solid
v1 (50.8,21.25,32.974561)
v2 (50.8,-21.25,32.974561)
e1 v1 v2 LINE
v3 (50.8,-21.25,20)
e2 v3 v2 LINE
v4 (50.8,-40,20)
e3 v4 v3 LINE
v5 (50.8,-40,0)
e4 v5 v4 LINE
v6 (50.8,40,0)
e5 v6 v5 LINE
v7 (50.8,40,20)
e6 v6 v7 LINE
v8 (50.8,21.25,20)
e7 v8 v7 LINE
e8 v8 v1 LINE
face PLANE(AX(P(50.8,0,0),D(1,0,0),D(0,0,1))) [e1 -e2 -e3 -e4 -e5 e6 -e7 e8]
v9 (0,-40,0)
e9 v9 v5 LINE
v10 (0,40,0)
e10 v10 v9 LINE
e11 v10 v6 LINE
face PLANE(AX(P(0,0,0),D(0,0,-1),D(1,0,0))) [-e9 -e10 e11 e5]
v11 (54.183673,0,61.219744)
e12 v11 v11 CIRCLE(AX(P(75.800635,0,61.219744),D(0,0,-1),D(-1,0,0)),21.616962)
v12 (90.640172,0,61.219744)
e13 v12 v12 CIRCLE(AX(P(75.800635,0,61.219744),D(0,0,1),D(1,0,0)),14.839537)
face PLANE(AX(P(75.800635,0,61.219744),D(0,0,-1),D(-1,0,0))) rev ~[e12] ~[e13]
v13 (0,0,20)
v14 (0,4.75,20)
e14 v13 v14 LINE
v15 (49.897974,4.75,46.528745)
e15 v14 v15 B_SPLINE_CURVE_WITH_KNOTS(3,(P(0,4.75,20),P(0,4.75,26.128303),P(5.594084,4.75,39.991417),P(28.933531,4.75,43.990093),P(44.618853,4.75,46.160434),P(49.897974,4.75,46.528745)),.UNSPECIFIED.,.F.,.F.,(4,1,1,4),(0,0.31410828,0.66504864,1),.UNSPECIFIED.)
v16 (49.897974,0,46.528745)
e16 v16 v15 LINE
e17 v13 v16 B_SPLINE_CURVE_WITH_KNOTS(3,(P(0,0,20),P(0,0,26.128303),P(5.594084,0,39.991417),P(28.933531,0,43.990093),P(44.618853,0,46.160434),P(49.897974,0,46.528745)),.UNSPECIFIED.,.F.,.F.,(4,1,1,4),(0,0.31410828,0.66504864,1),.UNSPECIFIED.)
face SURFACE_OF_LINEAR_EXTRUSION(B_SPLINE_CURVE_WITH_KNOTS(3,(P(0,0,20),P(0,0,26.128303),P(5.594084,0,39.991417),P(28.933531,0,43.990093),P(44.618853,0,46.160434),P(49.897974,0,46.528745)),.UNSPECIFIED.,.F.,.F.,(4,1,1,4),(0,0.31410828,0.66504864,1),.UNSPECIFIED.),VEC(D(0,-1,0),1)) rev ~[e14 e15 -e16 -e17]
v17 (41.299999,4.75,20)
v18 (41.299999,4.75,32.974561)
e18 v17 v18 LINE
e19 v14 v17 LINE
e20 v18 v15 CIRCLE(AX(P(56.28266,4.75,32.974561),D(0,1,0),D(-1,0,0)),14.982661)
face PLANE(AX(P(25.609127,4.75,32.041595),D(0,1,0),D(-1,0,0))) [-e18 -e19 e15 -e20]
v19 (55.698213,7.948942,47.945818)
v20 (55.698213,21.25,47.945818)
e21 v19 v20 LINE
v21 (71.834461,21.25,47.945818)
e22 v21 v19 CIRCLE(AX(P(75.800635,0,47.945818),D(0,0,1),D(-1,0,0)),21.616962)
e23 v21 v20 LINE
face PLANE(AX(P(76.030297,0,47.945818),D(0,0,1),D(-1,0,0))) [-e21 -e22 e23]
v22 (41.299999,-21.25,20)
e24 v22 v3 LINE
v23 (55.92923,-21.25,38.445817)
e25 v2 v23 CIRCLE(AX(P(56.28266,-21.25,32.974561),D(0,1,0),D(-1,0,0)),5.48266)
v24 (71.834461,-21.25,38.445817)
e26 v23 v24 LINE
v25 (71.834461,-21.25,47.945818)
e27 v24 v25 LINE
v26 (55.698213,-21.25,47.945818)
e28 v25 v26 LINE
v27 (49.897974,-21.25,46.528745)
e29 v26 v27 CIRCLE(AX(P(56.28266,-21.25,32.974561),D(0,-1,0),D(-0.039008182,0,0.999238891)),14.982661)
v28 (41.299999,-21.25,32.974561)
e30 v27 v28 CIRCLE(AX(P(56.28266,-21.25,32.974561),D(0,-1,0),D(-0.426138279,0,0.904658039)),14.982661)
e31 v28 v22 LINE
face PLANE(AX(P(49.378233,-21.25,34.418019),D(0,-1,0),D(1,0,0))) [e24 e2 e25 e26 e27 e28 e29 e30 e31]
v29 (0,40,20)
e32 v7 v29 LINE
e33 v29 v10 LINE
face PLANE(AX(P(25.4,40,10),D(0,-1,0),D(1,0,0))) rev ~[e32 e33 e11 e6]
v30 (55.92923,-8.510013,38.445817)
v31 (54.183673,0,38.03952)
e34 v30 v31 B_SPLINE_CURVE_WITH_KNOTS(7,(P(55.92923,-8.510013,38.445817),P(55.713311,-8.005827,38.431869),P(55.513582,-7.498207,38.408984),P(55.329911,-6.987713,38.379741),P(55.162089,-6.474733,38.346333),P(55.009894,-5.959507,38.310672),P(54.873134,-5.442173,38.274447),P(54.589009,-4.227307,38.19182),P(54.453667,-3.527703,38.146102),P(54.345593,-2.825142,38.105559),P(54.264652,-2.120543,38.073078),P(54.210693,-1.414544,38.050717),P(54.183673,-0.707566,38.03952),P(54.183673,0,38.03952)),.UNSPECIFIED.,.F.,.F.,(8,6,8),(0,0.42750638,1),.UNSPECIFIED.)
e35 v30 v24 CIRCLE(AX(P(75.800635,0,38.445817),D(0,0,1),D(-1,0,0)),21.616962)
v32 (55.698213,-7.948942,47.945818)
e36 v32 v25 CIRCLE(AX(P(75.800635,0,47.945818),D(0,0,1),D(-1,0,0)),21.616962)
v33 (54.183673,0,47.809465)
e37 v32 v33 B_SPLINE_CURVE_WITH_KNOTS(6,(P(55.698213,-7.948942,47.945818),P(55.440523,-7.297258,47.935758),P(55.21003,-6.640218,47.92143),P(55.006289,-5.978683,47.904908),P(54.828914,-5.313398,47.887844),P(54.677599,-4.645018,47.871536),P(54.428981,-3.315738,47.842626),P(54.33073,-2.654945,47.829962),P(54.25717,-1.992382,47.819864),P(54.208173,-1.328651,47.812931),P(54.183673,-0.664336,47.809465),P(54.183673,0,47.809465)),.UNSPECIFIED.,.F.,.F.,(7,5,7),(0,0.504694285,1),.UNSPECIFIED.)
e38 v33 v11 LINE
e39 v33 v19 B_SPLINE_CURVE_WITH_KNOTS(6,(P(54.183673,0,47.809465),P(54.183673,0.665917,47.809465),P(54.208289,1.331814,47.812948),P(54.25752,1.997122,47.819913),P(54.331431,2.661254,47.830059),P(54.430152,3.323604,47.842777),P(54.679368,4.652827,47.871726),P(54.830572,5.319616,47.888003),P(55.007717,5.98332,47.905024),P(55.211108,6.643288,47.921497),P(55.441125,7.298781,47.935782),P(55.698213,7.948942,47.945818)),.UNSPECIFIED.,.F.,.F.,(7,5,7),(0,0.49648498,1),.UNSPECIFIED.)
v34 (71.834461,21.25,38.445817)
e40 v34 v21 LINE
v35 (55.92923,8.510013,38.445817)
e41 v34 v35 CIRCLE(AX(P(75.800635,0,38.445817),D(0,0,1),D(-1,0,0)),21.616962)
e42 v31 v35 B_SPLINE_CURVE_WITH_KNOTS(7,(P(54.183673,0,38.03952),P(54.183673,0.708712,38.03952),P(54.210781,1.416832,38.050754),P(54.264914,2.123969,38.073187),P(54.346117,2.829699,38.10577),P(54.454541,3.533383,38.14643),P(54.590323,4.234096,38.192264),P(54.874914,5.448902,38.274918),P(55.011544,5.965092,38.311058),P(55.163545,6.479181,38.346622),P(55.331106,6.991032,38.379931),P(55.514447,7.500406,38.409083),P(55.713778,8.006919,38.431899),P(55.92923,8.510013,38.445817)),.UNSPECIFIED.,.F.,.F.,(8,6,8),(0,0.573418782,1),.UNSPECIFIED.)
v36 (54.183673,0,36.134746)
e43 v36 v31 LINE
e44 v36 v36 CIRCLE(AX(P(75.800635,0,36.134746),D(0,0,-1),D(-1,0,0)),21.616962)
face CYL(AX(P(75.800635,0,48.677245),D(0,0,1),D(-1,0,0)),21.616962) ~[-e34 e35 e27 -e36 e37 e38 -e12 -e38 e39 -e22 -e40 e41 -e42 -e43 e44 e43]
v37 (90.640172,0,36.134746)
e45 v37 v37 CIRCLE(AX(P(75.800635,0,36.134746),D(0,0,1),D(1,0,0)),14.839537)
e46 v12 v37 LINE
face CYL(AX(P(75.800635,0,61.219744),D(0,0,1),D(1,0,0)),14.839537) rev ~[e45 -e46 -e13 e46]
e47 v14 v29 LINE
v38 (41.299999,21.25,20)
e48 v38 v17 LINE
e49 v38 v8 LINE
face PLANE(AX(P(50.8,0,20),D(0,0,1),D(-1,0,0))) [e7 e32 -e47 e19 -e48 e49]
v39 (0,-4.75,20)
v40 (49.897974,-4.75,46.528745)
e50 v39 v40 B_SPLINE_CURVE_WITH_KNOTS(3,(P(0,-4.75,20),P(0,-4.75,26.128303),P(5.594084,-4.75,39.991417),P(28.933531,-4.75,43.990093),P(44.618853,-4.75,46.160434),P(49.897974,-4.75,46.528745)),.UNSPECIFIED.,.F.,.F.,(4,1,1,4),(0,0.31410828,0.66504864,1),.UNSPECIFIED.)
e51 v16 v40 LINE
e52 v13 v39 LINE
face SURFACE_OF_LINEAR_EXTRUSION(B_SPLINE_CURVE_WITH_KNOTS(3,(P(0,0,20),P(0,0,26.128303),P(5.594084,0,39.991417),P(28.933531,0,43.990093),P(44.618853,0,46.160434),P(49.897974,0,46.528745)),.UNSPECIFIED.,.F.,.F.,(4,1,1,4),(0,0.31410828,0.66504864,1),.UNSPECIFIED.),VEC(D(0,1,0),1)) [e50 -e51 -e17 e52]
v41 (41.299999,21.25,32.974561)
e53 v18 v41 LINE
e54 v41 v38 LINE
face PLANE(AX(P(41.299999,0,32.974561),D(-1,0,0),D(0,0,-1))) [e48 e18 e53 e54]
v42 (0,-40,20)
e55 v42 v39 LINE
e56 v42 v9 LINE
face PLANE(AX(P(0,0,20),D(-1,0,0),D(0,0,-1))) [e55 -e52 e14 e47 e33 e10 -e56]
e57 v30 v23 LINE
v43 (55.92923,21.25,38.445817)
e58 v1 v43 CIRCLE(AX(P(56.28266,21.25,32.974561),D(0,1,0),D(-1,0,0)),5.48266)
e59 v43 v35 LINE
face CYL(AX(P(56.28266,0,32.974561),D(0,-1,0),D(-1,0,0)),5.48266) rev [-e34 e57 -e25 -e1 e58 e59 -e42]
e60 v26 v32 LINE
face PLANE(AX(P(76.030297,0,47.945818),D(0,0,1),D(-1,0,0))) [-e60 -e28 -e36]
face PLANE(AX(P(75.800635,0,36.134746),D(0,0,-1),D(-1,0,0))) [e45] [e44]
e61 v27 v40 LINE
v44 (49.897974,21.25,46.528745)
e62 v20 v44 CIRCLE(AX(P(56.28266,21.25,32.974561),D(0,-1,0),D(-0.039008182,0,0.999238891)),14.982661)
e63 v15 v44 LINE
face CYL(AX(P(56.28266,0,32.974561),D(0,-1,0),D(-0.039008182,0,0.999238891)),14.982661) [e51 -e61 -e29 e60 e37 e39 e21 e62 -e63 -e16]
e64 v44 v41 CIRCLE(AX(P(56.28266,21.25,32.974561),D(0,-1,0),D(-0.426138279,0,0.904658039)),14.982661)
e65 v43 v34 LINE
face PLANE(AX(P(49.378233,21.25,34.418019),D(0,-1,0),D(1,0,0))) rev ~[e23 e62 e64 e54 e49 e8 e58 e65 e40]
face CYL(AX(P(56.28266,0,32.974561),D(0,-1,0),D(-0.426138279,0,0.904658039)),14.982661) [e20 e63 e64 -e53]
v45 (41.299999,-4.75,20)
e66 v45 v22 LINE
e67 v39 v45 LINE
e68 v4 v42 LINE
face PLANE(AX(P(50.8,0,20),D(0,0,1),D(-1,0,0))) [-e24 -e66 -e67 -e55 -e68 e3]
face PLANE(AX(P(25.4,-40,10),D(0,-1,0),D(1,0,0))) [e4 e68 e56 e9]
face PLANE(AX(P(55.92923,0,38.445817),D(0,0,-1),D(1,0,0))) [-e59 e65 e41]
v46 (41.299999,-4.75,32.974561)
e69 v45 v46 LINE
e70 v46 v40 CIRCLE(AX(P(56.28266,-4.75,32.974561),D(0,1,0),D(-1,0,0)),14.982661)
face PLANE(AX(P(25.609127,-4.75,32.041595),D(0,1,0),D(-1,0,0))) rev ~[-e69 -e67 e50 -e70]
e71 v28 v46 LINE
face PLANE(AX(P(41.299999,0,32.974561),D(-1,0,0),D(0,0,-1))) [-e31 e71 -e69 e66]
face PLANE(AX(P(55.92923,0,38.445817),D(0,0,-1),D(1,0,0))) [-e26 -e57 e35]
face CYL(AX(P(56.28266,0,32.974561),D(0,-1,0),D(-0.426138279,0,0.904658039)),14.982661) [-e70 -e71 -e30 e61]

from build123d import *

# Parameters (mm, degrees)
F1_DEPTH = 40
F0_W     = 16.6528351631
F0_H     = 9.5000012398
F2_DEPTH = 21.25
F3_DEPTH = 4.75
F4_W     = 21.616961807
F4_H     = 25.0849984586
F6_R     = 14.8395372195
F7_DEPTH = 61.2207443843


with BuildPart() as f1:
    # F0 (on Front) → F1 (new body, symmetric)
    with BuildSketch(Plane.XZ):
        Polygon((41.2999987602, 20), (0, 20), (0, 0), (50.8, 0), (50.8, 20), align=None)
    extrude(amount=F1_DEPTH, both=True)

    # F0 (on Front) → F2 (join, symmetric)
    with BuildSketch(Plane.XZ):
        with BuildLine():
            Line((41.2999987602, 32.9745605347), (41.2999987602, 20))
            Line((41.2999987602, 20), (50.8, 20))
            Line((50.8, 20), (50.8, 32.9745605347))
            ThreePointArc((50.8, 32.9745605347), (52.2828290923, 36.7243488741), (55.9292304386, 38.4458168319))
            Line((55.9292304386, 38.4458168319), (59.3774616718, 38.4458168319))
            Line((59.3774616718, 38.4458168319), (59.3774616718, 47.9458180717))
            Line((59.3774616718, 47.9458180717), (55.6982133685, 47.9458180717))
            ThreePointArc((55.6982133685, 47.9458180717), (52.7267880944, 47.529144235), (49.8979743732, 46.5287452266))
            ThreePointArc((49.8979743732, 46.5287452266), (43.6307882116, 41.000161872), (41.2999987602, 32.9745605347))
        make_face()
        with Locations((67.7038792534, 43.1958174518)):
            Rectangle(F0_W, F0_H)
    extrude(amount=F2_DEPTH, both=True)

    # F0 (on Front) → F3 (join, symmetric)
    with BuildSketch(Plane.XZ):
        with BuildLine():
            add(Edge.make_bspline(
                [(0, 20), (0, 26.1283031877), (5.5940842359, 39.9914167736), (28.9335310701, 43.9900934342), (44.6188528976, 46.1604342678), (49.8979743732, 46.5287452266)],
                knots=[0, 0, 0, 0, 0.31410828, 0.6650486398, 1, 1, 1, 1], degree=3))
            Line((0, 20), (41.2999987602, 20))
            Line((41.2999987602, 20), (41.2999987602, 32.9745605347))
            ThreePointArc((41.2999987602, 32.9745605347), (43.6307882116, 41.000161872), (49.8979743732, 46.5287452266))
        make_face()
    extrude(amount=F3_DEPTH, both=True)

    # F4 (on Front) → F5 (revolve)
    with BuildSketch(Plane.XZ):
        with Locations((64.9921540171, 48.677245155)):
            Rectangle(F4_W, F4_H)
    revolve(axis=Axis((75.8006349206, 0, 48.677245155), (0, 0, -1)))

    # F6 (on face) → F7 (cut, through all)
    with BuildSketch(Plane.XY.offset(61.2197443843)):
        with Locations((75.8006349206, 0)):
            Circle(F6_R)
    extrude(amount=-F7_DEPTH, mode=Mode.SUBTRACT)


solid = f1.part
